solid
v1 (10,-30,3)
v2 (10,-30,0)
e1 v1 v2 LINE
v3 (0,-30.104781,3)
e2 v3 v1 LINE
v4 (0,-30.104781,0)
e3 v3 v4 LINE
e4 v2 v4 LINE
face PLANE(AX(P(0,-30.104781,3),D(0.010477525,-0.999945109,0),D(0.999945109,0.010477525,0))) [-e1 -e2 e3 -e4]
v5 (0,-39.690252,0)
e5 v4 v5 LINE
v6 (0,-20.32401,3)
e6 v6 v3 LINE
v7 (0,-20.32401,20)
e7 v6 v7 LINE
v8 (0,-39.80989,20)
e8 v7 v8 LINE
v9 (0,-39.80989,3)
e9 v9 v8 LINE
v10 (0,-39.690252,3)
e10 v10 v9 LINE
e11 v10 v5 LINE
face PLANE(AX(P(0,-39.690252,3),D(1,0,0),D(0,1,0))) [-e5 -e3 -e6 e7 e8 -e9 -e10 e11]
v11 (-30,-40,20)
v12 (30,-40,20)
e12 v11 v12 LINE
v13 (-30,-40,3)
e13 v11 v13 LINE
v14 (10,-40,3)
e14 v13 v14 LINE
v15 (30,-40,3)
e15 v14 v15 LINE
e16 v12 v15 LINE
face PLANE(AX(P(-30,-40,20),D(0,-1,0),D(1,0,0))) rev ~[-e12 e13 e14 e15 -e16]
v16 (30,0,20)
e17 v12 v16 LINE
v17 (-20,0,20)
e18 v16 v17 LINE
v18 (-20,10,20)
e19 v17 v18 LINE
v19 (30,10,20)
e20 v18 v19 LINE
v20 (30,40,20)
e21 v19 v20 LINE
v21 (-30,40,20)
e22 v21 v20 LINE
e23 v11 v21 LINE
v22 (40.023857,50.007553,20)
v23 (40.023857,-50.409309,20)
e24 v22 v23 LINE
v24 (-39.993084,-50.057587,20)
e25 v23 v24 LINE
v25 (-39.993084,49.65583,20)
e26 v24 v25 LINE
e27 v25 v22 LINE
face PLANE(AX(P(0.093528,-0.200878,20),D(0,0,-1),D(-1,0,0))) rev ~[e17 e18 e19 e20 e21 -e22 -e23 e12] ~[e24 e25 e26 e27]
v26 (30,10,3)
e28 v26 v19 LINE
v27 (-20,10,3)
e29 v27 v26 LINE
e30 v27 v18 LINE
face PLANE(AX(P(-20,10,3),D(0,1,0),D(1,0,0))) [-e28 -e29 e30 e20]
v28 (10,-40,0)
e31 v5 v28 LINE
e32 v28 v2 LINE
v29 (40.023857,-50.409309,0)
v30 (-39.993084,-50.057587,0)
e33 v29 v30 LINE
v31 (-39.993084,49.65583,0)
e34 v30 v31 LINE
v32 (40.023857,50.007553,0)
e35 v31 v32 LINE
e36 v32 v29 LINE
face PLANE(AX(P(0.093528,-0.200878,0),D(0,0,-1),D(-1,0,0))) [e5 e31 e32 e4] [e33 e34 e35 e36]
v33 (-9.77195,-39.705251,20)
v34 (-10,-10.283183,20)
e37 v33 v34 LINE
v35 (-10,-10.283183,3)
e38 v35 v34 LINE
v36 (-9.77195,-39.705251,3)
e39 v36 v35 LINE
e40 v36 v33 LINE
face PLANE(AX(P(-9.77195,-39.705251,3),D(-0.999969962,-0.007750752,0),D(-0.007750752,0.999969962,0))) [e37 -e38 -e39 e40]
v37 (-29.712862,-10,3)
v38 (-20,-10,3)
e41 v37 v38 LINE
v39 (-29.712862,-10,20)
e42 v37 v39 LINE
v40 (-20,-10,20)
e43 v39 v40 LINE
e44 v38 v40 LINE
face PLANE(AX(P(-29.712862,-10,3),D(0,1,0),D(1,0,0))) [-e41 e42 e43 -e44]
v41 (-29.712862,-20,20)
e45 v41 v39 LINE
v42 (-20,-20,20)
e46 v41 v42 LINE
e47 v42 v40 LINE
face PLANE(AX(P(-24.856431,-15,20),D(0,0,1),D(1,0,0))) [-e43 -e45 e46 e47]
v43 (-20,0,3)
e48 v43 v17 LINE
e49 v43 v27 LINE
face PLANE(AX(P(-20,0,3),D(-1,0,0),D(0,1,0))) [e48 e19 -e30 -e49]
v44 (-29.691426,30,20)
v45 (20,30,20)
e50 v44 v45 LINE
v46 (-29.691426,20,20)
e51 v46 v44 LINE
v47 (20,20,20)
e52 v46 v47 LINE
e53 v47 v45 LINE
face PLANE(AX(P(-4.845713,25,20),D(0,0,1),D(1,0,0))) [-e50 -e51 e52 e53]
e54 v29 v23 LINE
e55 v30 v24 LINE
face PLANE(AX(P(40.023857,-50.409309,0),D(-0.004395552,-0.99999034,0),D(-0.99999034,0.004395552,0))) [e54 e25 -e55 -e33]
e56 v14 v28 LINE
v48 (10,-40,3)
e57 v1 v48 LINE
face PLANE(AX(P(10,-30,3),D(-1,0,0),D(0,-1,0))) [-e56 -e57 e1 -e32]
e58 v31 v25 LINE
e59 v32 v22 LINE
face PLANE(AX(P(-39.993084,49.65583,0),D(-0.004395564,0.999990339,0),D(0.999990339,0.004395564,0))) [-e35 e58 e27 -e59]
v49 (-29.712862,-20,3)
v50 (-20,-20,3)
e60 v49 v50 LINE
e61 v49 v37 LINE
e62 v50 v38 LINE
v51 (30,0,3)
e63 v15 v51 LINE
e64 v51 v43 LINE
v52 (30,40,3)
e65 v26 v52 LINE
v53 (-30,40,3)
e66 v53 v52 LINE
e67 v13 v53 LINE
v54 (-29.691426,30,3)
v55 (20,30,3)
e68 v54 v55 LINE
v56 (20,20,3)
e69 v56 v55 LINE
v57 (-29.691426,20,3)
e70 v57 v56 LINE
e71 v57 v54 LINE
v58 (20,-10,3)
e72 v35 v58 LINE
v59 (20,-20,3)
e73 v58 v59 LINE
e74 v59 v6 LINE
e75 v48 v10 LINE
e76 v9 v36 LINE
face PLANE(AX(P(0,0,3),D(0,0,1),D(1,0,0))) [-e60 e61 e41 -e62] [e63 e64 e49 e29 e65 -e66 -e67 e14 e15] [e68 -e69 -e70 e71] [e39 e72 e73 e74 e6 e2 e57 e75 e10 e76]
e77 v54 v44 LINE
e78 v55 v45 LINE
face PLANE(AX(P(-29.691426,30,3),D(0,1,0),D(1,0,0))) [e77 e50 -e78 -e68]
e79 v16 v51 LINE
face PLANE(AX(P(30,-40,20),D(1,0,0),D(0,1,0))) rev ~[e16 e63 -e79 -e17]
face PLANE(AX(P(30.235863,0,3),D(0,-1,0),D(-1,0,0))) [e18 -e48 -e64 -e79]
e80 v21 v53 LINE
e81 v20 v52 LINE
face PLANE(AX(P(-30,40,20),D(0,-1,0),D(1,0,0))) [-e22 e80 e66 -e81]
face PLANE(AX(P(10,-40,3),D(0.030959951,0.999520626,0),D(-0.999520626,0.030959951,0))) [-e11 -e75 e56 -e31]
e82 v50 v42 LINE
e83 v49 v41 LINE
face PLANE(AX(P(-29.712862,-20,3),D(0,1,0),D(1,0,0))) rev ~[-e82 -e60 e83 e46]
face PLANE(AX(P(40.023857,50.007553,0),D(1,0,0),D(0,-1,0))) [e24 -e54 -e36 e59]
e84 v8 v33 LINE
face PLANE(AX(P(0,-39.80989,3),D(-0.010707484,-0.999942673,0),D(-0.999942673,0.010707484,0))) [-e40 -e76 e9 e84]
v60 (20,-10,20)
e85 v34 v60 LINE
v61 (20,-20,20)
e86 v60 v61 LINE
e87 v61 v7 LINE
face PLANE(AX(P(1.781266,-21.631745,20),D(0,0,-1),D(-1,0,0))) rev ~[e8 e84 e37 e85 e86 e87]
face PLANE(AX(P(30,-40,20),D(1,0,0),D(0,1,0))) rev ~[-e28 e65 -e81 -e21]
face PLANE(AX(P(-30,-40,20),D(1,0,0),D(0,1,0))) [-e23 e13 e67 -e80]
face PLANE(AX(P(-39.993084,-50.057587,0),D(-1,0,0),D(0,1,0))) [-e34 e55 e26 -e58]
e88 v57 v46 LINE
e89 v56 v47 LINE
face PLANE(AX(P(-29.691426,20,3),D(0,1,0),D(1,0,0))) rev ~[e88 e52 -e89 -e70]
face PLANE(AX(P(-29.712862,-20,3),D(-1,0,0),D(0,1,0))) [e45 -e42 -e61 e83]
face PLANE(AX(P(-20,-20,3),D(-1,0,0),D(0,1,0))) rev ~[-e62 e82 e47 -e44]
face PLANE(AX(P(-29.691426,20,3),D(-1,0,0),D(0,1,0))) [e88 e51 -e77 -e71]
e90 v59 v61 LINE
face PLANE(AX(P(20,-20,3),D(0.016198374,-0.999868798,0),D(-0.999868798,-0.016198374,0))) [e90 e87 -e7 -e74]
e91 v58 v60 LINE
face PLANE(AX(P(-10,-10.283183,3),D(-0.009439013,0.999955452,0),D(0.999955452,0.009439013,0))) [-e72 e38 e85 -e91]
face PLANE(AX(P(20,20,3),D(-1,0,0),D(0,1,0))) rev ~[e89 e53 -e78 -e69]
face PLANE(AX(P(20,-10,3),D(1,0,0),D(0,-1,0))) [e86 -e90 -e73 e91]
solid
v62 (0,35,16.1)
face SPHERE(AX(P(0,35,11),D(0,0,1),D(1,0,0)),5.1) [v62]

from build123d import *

# Parameters (mm, degrees)
PAD_DEPTH       = 20
SKETCH001_W     = 60
SKETCH001_H     = 80
POCKET_DEPTH    = 17
SKETCH002_W     = 49.691427
SKETCH002_H     = 10
SKETCH002_W_2   = 9.712863
PAD001_DEPTH    = 17
POCKET001_DEPTH = 5


with BuildPart() as body:
    # Sketch → Pad (new body)
    with BuildSketch(Plane.XY):
        Polygon((-39.993084, 49.65583), (40.023857, 50.007553), (40.023857, -50.409309), (-39.993084, -50.057587), align=None)
    extrude(amount=PAD_DEPTH)

    # Sketch001 (on Face6 of Pad) → Pocket (cut)
    with BuildSketch(Plane.XY.offset(20)):
        Rectangle(SKETCH001_W, SKETCH001_H)
    extrude(amount=-POCKET_DEPTH, mode=Mode.SUBTRACT)

    # Sketch002 (on Face11 of Pocket) → Pad001 (join)
    with BuildSketch(Plane.XY.offset(3)):
        with Locations((-4.845713, 25)):
            Rectangle(SKETCH002_W, SKETCH002_H)
        Polygon((30.235863, 0), (-20, 0), (-20, 10), (30, 10), align=None)
        with Locations((-24.856431, -15)):
            Rectangle(SKETCH002_W_2, SKETCH002_H)
        Polygon((-9.77195, -39.705251), (-10, -10.283183), (20, -10), (20, -20), (0, -20.32401), (0, -39.80989), align=None)
    extrude(amount=PAD001_DEPTH)

    # Sketch003 (on Face13 of Pad001) → Pocket001 (cut)
    with BuildSketch(Plane.XY.offset(3)):
        Polygon((0, -30.104781), (10, -30), (10, -40), (0, -39.690252), align=None)
    extrude(amount=-POCKET001_DEPTH, mode=Mode.SUBTRACT)


with BuildPart() as sphere:
    # Sphere → Sphere (revolve)
    with BuildSketch(Plane(origin=(0, 35, 11), x_dir=(1, 0, 0), z_dir=(0, -1, 0))):
        with BuildLine():
            ThreePointArc((0, -5.1), (5.1, 0), (0, 5.1))
            Line((0, 5.1), (0, -5.1))
        make_face()
    revolve(axis=Axis((0, 35, 11), (0, 0, 1)))


solid = Compound([body.part, sphere.part])
